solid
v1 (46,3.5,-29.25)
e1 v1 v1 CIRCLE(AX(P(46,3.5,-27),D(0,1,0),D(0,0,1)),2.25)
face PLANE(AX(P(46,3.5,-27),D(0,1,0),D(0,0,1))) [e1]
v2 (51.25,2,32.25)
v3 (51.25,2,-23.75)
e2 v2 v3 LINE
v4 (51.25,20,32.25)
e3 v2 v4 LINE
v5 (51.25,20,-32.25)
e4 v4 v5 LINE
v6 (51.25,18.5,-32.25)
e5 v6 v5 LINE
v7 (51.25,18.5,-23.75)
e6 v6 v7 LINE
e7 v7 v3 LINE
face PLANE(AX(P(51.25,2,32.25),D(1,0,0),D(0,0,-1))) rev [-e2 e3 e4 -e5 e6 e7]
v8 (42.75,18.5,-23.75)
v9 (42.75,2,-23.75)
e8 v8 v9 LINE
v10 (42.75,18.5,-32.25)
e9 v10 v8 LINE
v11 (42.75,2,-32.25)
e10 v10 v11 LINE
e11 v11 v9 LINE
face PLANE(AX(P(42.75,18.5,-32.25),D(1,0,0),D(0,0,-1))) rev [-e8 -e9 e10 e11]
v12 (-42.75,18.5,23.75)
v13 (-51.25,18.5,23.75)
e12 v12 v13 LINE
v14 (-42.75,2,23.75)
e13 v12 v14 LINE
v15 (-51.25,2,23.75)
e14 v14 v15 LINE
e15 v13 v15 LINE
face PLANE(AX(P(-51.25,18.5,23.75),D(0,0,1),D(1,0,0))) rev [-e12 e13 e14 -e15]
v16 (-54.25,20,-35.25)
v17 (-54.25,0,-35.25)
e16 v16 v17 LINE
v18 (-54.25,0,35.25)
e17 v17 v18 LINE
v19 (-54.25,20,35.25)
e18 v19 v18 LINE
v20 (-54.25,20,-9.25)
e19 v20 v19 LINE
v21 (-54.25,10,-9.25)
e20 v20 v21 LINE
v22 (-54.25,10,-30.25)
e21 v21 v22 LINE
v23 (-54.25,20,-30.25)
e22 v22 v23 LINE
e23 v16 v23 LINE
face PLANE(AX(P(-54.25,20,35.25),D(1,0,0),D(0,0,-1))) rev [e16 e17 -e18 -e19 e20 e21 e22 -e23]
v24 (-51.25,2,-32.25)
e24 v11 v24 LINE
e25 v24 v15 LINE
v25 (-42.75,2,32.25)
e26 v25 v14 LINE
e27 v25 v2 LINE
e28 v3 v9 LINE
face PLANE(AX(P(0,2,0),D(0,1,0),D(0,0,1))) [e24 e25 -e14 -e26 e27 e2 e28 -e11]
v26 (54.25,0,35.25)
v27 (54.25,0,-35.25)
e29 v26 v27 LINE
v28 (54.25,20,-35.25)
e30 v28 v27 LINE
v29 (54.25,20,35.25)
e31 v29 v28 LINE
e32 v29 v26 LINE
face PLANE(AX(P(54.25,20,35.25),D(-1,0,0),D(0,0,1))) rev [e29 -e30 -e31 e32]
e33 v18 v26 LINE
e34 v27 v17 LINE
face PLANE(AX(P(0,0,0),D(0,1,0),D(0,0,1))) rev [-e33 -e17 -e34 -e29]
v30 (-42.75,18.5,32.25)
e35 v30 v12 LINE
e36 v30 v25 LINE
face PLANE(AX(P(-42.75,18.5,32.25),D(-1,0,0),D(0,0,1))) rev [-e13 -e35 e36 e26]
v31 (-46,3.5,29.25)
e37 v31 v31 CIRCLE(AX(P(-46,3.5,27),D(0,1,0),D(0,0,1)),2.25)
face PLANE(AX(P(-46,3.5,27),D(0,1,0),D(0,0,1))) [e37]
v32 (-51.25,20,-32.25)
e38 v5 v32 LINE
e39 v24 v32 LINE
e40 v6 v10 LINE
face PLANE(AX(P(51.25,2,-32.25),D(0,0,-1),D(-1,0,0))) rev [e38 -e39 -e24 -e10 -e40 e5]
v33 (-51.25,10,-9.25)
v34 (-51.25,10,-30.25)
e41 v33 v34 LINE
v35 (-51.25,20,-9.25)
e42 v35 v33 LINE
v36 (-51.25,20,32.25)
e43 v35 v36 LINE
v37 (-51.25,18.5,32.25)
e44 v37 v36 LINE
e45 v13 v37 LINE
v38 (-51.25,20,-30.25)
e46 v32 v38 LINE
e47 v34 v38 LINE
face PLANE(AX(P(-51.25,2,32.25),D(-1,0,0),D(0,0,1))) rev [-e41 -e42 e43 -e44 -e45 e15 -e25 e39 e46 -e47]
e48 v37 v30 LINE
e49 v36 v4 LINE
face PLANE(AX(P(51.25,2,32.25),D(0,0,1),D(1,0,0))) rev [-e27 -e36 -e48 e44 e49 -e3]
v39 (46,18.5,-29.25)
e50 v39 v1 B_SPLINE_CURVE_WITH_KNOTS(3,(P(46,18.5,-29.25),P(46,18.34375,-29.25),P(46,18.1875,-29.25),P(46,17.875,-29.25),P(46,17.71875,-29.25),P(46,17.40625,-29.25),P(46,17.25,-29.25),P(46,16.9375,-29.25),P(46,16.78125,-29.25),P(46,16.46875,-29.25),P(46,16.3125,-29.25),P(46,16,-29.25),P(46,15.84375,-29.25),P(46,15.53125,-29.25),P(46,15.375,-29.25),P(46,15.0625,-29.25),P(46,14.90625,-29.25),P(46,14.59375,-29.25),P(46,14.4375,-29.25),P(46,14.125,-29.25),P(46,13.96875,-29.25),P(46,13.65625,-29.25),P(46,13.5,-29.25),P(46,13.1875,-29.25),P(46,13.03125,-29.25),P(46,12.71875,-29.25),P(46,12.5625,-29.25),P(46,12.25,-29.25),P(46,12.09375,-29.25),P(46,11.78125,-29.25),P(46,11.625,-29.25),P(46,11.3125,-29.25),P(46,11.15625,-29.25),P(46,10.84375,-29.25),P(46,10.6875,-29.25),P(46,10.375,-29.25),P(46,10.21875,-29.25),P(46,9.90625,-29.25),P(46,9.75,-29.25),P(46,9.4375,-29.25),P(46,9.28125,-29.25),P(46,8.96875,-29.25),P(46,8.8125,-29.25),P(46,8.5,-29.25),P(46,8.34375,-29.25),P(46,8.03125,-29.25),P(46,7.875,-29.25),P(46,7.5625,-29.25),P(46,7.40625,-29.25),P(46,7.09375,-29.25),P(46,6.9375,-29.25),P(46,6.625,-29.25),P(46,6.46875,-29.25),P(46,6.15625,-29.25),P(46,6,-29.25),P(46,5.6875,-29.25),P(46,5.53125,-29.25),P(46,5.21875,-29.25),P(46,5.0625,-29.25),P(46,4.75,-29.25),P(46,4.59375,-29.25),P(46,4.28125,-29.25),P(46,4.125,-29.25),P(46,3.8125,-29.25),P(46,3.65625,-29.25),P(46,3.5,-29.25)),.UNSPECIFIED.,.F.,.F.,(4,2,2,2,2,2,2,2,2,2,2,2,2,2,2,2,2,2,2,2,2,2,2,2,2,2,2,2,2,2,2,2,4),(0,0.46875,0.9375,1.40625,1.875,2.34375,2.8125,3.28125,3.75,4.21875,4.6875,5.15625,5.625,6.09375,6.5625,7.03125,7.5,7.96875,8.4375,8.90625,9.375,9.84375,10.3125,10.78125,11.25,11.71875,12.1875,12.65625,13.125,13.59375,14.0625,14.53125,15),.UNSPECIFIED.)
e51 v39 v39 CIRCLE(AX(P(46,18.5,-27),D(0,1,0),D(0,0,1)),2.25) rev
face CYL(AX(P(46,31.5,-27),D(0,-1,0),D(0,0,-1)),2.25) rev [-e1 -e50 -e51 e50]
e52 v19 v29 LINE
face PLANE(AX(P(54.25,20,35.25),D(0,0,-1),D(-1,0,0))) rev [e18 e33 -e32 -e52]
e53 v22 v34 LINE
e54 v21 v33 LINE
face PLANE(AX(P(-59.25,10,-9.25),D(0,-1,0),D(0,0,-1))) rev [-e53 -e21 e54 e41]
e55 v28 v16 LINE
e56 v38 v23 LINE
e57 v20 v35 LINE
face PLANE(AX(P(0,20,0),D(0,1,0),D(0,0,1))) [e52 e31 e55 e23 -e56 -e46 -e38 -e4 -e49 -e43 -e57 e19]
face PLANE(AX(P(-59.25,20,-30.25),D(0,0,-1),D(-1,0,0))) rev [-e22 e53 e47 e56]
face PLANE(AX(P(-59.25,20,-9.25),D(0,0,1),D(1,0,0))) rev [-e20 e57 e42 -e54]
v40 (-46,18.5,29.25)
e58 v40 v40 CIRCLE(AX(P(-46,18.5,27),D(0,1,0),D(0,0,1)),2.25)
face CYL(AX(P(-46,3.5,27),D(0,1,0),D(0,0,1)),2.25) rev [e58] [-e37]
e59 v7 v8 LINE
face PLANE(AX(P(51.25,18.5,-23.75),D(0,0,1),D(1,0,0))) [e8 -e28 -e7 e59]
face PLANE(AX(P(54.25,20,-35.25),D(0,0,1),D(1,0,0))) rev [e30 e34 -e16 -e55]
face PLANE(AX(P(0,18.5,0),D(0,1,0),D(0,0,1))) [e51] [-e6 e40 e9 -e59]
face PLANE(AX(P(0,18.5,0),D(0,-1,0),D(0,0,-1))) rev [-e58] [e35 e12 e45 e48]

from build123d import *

# Parameters (mm, degrees)
SKETCH1_W               = 108.5
SKETCH1_H               = 70.5
BOSS_EXTRUDE1_DEPTH     = 20
SKETCH2_W               = 102.5
SKETCH2_H               = 64.5
CUT_EXTRUDE1_DEPTH      = 18
SKETCH3_W               = 8.5
SKETCH3_H               = 8.5
BOSS_EXTRUDE2_DEPTH     = 16.5
SKETCH4_R               = 2.25
CUT_EXTRUDE2_DEPTH      = 15
SKETCH7_W               = 21
SKETCH7_H               = 10
CUT_EXTRUDE5_DEPTH      = 8
SKETCH8_W               = 8.5
SKETCH8_H               = 8.5
BOSS_EXTRUDE3_DEPTH     = 16.5
CUT_EXTRUDE6_DEPTH      = 13
CUT_EXTRUDE6_DEPTH_BACK = 15
SKETCH9_R               = 2.25


with BuildPart() as part:
    # Sketch1 → Boss-Extrude1 (new body)
    with BuildSketch(Plane(origin=(0, 0, 0), x_dir=(1, 0, 0), z_dir=(0, 1, 0))):
        Rectangle(SKETCH1_W, SKETCH1_H)
    extrude(amount=BOSS_EXTRUDE1_DEPTH)

    # Sketch2 → Cut-Extrude1 (cut)
    with BuildSketch(Plane(origin=(0, 20, 0), x_dir=(1, 0, 0), z_dir=(0, 1, 0))):
        Rectangle(SKETCH2_W, SKETCH2_H)
    extrude(amount=-CUT_EXTRUDE1_DEPTH, mode=Mode.SUBTRACT)

    # Sketch3 → Boss-Extrude2 (add)
    with BuildSketch(Plane(origin=(0, 2, 0), x_dir=(1, 0, 0), z_dir=(0, 1, 0))):
        with Locations((-47, -28)):
            Rectangle(SKETCH3_W, SKETCH3_H)
    extrude(amount=BOSS_EXTRUDE2_DEPTH)

    # Sketch4 → Cut-Extrude2 (cut)
    with BuildSketch(Plane(origin=(0, 18.5, 0), x_dir=(1, 0, 0), z_dir=(0, 1, 0))):
        with Locations(Location((-46, -27, 0), (0, 0, 270))):
            Circle(SKETCH4_R)
    extrude(amount=-CUT_EXTRUDE2_DEPTH, mode=Mode.SUBTRACT)

    # Sketch7 → Cut-Extrude5 (cut)
    with BuildSketch(Plane(origin=(-51.25, 0, 0), x_dir=(0, 0, -1), z_dir=(1, 0, 0))):
        with Locations((19.75, 15)):
            Rectangle(SKETCH7_W, SKETCH7_H)
    extrude(amount=-CUT_EXTRUDE5_DEPTH, mode=Mode.SUBTRACT)

    # Sketch8 → Boss-Extrude3 (add)
    with BuildSketch(Plane(origin=(0, 2, 0), x_dir=(1, 0, 0), z_dir=(0, 1, 0))):
        with Locations((47, 28)):
            Rectangle(SKETCH8_W, SKETCH8_H)
    extrude(amount=BOSS_EXTRUDE3_DEPTH)

    # Sketch9 → Cut-Extrude6 (cut, two sides: drawn at the far end of the back side and taken through both)
    with BuildSketch(Plane(origin=(0, 18.5, 0), x_dir=(1, 0, 0), z_dir=(0, 1, 0)).offset(-CUT_EXTRUDE6_DEPTH_BACK)):
        with Locations(Location((46, 27, 0), (0, 0, 90))):
            Circle(SKETCH9_R)
    extrude(amount=CUT_EXTRUDE6_DEPTH + CUT_EXTRUDE6_DEPTH_BACK, mode=Mode.SUBTRACT)


solid = part.part
